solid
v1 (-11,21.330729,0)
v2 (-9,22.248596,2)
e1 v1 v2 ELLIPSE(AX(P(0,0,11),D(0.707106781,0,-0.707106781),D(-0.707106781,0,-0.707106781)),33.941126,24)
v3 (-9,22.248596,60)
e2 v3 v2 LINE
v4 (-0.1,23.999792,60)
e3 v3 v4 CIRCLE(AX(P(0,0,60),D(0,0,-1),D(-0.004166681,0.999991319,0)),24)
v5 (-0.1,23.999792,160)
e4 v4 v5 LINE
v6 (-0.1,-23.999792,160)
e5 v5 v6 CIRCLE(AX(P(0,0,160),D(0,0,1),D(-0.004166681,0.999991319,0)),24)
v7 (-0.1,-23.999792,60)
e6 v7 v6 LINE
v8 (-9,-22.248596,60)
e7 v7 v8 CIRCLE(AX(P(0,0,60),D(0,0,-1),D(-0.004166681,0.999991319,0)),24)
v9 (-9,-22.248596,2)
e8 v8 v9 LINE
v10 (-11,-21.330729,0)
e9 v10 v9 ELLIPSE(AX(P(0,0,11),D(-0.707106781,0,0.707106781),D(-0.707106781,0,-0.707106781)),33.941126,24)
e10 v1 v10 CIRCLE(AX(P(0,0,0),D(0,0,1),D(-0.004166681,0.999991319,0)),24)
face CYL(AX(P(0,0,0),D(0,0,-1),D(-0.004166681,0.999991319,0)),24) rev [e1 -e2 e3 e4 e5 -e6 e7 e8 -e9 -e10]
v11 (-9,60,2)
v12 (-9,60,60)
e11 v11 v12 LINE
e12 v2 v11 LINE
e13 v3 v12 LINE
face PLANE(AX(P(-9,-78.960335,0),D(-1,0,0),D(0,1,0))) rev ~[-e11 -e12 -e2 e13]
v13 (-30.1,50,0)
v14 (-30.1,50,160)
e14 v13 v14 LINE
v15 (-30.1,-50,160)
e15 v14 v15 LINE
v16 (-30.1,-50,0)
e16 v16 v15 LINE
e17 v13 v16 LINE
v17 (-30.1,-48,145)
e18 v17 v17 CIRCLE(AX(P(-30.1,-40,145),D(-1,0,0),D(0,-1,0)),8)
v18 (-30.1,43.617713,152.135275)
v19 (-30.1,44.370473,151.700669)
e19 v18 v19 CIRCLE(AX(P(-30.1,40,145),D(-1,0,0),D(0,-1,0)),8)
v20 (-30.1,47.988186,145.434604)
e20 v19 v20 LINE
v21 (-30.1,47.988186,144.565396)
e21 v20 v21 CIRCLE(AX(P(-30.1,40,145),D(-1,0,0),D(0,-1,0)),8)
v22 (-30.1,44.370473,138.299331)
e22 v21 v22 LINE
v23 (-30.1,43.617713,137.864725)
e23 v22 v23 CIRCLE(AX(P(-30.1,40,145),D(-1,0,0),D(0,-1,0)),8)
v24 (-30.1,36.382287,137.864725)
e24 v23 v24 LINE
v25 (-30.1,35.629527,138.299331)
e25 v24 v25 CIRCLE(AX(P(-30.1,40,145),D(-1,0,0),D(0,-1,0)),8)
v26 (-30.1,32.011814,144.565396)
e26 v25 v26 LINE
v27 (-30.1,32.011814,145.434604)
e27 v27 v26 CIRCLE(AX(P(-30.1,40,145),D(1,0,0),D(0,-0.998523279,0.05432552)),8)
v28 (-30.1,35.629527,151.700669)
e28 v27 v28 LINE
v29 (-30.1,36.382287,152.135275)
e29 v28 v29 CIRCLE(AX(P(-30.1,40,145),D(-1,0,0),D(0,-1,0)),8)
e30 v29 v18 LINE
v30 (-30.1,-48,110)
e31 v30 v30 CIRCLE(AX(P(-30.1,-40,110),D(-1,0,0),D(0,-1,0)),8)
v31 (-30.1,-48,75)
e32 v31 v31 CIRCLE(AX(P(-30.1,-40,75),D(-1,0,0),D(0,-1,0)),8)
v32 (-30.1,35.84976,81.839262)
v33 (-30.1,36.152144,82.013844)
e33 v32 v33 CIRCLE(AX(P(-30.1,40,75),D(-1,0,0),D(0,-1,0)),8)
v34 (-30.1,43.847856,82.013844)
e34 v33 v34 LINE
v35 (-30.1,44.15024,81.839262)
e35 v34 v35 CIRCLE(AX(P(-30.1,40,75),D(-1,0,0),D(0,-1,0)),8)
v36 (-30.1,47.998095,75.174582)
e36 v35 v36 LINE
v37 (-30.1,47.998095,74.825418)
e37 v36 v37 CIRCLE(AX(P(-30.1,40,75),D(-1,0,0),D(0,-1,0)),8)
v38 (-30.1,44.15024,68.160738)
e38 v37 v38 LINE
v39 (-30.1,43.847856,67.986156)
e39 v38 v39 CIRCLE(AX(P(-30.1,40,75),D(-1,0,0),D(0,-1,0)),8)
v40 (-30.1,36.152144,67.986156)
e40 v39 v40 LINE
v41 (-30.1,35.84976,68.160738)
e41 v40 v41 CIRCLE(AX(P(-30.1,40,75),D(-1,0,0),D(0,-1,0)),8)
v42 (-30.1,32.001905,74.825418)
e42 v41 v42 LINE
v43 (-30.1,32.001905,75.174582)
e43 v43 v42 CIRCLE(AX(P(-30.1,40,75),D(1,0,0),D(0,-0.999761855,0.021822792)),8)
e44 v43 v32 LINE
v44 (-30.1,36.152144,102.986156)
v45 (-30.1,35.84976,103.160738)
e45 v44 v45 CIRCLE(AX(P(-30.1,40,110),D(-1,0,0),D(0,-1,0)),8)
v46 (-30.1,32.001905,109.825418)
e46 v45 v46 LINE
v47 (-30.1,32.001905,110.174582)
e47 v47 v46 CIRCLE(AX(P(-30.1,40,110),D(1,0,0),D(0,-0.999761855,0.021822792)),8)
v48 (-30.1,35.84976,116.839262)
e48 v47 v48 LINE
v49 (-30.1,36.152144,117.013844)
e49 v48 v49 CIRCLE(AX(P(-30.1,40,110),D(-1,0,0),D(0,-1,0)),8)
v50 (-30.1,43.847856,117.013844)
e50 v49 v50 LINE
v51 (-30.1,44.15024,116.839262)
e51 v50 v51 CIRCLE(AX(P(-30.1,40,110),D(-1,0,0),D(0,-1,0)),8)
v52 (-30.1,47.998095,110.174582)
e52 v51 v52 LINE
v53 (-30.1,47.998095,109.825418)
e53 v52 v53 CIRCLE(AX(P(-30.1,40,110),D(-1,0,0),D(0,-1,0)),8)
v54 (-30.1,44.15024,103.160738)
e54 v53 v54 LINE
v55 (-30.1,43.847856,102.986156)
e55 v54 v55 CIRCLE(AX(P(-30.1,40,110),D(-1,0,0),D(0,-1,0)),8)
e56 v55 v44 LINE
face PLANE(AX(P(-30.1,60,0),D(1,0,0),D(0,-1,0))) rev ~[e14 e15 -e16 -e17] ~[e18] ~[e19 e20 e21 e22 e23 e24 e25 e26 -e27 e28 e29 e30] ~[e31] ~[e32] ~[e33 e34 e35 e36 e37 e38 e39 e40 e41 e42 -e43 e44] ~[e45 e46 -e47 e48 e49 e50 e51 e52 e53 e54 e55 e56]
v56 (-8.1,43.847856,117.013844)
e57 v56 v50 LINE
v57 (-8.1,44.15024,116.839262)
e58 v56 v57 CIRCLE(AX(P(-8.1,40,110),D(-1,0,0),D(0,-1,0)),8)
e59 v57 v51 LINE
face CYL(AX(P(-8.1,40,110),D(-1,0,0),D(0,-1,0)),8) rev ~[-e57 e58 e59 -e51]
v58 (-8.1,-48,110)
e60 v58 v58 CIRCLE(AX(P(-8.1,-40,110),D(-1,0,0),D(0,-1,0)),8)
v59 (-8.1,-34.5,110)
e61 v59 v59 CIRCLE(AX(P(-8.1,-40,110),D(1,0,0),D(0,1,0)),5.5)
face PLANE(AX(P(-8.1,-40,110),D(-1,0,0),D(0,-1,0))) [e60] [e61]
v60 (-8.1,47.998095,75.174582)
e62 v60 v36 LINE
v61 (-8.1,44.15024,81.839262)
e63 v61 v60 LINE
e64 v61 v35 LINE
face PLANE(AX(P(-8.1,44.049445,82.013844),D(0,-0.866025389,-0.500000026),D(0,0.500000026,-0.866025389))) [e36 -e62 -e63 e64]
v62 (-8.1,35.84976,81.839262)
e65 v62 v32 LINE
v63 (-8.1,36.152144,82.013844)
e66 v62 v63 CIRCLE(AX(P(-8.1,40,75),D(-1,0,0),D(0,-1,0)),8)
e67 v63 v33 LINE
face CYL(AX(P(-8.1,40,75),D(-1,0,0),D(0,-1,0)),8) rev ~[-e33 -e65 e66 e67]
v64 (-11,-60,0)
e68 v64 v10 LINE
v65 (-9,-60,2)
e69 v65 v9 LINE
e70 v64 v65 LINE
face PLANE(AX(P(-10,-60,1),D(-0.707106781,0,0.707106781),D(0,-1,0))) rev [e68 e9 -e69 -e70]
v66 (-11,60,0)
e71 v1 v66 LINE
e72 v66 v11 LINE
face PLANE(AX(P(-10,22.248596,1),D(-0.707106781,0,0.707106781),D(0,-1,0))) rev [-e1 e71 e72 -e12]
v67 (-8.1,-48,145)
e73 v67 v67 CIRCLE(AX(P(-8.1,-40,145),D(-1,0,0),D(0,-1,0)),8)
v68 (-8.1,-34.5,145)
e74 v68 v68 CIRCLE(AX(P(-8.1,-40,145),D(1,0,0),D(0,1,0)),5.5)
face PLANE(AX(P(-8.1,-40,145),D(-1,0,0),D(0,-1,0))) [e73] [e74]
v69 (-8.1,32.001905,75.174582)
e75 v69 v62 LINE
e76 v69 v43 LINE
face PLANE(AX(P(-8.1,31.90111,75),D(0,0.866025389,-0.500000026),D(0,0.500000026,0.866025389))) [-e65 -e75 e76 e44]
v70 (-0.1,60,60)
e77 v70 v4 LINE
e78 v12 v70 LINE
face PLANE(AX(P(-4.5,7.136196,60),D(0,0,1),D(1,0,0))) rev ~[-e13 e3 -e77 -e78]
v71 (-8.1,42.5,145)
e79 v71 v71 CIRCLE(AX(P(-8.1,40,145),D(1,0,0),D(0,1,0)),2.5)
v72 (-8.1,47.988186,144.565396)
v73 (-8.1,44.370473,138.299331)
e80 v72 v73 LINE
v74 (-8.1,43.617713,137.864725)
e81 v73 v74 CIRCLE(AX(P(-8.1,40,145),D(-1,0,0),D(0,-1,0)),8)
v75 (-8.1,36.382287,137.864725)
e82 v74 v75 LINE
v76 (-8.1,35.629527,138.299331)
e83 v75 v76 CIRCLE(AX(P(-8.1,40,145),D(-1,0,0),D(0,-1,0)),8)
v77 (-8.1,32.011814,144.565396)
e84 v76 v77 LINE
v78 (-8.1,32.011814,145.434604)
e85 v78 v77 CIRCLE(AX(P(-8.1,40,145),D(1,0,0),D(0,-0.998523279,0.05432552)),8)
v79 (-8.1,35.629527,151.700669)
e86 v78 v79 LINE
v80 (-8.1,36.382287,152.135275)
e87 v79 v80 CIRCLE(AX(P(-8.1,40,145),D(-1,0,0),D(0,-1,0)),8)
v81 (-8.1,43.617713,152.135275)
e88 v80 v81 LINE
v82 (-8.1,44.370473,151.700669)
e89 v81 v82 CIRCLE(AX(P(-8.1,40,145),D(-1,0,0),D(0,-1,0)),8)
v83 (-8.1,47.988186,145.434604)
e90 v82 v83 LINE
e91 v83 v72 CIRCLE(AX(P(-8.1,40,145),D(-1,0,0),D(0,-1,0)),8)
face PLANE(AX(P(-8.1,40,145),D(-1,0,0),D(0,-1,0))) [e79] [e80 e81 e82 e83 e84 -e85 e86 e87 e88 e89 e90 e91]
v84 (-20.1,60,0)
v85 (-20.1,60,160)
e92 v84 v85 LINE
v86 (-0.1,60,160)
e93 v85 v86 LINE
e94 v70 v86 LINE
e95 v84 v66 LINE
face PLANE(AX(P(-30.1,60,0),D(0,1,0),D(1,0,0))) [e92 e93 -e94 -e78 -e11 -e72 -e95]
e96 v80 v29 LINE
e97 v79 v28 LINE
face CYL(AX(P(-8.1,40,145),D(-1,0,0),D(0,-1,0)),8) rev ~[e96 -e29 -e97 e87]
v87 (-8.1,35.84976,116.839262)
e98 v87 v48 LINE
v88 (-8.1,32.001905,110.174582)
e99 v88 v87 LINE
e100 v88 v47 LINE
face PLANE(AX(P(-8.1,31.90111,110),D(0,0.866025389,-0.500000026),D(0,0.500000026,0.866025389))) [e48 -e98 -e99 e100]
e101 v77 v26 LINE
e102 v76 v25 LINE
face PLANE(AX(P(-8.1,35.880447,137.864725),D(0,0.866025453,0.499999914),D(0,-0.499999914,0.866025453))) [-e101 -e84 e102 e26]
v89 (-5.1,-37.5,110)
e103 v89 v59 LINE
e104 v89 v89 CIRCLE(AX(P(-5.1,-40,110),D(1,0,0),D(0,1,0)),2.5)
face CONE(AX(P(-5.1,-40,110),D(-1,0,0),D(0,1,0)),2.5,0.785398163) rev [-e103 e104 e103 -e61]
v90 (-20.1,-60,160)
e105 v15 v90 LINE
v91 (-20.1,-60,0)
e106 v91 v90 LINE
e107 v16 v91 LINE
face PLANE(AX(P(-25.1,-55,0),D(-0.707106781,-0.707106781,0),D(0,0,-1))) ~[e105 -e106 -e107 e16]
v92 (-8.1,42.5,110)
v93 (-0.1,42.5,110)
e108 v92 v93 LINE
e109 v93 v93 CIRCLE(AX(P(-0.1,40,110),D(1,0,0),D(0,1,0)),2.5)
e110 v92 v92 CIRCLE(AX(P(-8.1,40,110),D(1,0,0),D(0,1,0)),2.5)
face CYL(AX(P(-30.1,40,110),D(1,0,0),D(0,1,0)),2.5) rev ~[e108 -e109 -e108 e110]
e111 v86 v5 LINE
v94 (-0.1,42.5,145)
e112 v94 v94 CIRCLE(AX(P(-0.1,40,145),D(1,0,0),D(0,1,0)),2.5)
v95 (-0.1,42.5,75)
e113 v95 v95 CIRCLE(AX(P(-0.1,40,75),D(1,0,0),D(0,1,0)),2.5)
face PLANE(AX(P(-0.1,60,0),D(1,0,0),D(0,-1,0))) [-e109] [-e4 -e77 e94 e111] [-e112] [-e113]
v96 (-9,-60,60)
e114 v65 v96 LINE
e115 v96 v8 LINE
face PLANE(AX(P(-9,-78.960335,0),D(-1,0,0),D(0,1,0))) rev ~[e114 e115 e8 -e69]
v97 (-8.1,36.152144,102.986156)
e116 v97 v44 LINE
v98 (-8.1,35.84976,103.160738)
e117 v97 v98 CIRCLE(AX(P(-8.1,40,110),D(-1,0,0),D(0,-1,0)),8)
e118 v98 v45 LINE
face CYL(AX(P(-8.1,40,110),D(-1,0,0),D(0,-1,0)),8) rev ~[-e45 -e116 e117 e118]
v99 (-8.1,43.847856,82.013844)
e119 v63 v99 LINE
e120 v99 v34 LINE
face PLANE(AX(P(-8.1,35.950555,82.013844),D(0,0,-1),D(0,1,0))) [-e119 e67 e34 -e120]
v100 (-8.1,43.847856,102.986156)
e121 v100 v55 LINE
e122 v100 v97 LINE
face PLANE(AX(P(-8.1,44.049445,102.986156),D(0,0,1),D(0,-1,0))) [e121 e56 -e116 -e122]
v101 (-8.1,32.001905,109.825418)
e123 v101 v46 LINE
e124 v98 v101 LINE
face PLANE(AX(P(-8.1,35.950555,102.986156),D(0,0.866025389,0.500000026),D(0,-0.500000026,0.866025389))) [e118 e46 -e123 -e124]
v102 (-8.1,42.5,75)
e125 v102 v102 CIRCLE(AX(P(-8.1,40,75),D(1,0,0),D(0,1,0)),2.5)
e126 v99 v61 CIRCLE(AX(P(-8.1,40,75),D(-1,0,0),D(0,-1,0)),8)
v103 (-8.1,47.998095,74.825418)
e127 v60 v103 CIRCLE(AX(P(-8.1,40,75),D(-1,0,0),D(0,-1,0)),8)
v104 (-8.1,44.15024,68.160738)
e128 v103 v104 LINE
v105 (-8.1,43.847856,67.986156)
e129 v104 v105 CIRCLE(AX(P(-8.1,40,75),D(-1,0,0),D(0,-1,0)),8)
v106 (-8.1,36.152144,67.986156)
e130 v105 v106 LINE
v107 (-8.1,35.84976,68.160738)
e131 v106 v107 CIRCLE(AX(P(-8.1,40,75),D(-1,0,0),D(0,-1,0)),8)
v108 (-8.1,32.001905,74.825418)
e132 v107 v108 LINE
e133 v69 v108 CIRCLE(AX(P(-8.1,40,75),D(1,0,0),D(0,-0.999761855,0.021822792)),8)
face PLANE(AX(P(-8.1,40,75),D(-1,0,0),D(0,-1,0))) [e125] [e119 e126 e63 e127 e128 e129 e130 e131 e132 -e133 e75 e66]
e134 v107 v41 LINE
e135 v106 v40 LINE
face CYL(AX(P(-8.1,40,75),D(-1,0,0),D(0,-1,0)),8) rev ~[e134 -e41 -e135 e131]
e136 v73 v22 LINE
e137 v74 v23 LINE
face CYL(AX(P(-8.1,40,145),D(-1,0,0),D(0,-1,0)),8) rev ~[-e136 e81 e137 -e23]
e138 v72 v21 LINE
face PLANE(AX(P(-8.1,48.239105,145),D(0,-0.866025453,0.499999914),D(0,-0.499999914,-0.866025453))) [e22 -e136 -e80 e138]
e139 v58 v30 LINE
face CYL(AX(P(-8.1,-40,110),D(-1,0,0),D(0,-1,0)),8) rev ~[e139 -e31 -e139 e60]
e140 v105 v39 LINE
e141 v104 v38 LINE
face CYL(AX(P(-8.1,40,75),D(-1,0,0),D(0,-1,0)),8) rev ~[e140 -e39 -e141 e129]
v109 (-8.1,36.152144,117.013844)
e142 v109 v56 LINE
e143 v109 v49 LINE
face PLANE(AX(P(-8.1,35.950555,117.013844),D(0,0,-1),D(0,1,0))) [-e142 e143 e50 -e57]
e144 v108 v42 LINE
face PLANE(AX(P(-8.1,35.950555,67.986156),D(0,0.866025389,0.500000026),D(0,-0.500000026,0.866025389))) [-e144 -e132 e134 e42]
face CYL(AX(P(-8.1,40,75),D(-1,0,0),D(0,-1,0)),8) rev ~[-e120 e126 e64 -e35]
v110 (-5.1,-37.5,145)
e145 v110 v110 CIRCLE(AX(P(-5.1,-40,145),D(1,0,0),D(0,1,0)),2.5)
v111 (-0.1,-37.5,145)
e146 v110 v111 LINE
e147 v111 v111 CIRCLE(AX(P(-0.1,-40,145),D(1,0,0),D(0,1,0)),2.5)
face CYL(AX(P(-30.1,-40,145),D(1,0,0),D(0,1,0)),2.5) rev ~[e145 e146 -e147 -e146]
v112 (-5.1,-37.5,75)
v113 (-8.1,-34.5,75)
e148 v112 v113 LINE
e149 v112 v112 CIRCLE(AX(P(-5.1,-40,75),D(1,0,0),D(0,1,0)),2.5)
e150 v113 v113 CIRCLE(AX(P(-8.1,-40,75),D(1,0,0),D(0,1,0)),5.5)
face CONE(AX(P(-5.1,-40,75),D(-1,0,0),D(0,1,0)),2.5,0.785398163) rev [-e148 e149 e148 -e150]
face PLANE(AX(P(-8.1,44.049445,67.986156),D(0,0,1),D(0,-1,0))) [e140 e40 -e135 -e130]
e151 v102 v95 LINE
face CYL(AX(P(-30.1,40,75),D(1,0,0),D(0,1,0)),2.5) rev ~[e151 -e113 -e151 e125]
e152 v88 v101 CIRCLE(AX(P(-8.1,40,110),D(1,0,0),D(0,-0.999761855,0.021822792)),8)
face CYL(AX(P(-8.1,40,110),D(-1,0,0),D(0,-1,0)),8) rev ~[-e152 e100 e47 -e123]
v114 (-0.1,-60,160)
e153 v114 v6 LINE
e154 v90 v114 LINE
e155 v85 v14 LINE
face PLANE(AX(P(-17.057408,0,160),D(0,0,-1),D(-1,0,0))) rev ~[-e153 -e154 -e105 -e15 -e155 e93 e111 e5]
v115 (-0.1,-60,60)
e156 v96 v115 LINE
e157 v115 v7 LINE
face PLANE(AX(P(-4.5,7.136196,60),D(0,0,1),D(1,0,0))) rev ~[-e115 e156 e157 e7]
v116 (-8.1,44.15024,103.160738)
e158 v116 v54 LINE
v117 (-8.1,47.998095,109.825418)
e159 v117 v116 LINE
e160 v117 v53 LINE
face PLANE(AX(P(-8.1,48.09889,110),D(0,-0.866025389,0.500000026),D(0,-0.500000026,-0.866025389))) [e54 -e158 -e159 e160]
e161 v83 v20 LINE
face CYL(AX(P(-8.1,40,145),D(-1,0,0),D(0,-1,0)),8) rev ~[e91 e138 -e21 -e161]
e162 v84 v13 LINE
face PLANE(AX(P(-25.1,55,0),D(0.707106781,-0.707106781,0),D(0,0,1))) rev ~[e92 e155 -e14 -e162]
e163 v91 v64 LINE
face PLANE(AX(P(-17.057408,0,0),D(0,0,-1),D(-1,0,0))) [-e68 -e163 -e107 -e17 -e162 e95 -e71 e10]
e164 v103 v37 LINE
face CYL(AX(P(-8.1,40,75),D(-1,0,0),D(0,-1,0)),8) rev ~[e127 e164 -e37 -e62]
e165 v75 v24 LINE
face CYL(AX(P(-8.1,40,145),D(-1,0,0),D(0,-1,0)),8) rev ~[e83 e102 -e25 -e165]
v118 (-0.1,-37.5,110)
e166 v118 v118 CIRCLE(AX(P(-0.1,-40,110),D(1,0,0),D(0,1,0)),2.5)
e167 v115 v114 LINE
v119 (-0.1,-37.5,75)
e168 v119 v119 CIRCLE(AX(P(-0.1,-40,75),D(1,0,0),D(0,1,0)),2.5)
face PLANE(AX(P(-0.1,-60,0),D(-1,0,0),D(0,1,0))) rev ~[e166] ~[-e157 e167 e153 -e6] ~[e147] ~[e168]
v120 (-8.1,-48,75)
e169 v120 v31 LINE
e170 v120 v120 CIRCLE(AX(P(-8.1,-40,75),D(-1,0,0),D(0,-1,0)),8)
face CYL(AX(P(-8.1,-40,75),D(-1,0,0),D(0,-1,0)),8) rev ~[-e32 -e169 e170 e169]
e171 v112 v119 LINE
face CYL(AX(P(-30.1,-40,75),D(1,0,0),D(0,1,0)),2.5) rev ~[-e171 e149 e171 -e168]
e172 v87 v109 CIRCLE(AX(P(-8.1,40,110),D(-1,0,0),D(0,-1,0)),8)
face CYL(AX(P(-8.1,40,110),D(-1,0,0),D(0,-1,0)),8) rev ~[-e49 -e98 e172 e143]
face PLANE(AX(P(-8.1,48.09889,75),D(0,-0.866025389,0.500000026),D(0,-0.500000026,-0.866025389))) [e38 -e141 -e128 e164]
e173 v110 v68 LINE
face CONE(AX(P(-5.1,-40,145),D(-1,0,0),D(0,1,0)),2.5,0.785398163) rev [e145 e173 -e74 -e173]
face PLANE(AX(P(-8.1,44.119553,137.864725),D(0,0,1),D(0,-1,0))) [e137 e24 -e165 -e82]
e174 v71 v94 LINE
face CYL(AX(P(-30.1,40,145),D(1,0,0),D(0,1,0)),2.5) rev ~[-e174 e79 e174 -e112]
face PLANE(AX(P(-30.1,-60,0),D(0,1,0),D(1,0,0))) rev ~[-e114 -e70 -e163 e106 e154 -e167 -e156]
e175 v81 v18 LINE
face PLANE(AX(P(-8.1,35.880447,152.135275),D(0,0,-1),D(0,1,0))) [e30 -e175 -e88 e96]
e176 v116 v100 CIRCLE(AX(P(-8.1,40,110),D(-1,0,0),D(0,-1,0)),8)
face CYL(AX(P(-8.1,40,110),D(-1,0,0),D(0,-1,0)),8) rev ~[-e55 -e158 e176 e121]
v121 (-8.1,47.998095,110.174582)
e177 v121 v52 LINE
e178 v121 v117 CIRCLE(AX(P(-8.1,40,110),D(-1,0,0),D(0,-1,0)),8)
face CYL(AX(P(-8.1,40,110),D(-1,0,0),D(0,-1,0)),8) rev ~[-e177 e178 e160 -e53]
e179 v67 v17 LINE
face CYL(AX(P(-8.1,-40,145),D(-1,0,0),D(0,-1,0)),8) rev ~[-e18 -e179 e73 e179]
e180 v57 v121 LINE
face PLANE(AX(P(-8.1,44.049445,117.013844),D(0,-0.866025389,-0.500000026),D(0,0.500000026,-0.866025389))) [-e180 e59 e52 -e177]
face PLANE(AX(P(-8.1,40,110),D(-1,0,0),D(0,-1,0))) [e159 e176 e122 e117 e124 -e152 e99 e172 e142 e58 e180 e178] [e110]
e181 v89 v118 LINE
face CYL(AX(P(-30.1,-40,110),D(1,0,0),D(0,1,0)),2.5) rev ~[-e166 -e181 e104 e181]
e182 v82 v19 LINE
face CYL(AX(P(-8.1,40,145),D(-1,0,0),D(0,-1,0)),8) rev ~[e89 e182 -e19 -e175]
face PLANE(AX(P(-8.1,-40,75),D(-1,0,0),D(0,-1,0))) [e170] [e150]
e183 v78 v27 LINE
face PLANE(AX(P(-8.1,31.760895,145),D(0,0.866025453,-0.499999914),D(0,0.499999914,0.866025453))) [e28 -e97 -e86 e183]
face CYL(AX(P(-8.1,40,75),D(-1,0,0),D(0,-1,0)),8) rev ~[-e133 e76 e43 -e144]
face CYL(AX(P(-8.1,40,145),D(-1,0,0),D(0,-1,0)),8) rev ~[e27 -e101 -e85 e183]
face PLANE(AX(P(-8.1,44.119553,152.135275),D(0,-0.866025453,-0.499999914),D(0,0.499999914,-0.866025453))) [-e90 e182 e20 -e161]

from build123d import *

# Parameters (mm, degrees)
PAD_DEPTH        = 160
SKETCH001_W      = 9
SKETCH001_H      = 172.193062
POCKET_DEPTH     = 60
CHAMFER_SIZE     = 10
CHAMFER001_SIZE  = 2
HOLE_D           = 5
HOLE_CBORE_D     = 16
HOLE_CBORE_DEPTH = 22
SKETCH003_R      = 8.5
PAD001_DEPTH     = 22
CHAMFER002_SIZE  = 3


with BuildPart() as part:
    # Sketch → Pad (new body)
    with BuildSketch(Plane.XY):
        with BuildLine():
            ThreePointArc((-0.1, 23.999792), (-24, 0), (-0.1, -23.999792))
            Line((-0.1, -60), (-0.1, -23.999792))
            Line((-30.1, -60), (-0.1, -60))
            Line((-30.1, 60), (-30.1, -60))
            Line((-30.1, 60), (-0.1, 60))
            Line((-0.1, 60), (-0.1, 23.999792))
        make_face()
    extrude(amount=PAD_DEPTH)

    # Sketch001 → Pocket (cut)
    with BuildSketch(Plane.XY):
        with Locations((-4.5, 7.136196)):
            Rectangle(SKETCH001_W, SKETCH001_H)
    extrude(amount=POCKET_DEPTH, mode=Mode.SUBTRACT)

    # Chamfer
    chamfer_edges = [part.edges().sort_by_distance(p)[0] for p in [
        (-30.1, 60, 80),
        (-30.1, -60, 80),
    ]]
    chamfer(chamfer_edges, length=CHAMFER_SIZE)

    # Chamfer001
    chamfer001_edges = [part.edges().sort_by_distance(p)[0] for p in [
        (-9, -41.124298, 0),
        (-9, 41.124298, 0),
    ]]
    chamfer(chamfer001_edges, length=CHAMFER001_SIZE)

    # Hole (through all)
    with Locations(Plane(origin=(-30.1, 0, 0), x_dir=(0, -1, 0), z_dir=(-1, 0, 0))):
        with Locations((-40, 145), (-40, 75), (40, 145), (40, 75), (-40, 110), (40, 110)):
            CounterBoreHole(HOLE_D / 2, HOLE_CBORE_D / 2, HOLE_CBORE_DEPTH)

    # Sketch003 (on Face30 of Hole) → Pad001 (join)
    with BuildSketch(Plane(origin=(-8.1, 0, 0), x_dir=(0, -1, 0), z_dir=(-1, 0, 0))):
        with Locations((-40, 110)):
            Circle(SKETCH003_R)
        Polygon((-35.950555, 102.986156), (-31.90111, 110), (-35.950555, 117.013844), (-44.049445, 117.013844), (-48.09889, 110), (-44.049445, 102.986156), align=None, mode=Mode.SUBTRACT)
        with Locations((-40, 75)):
            Circle(SKETCH003_R)
        Polygon((-35.950555, 67.986156), (-31.90111, 75), (-35.950555, 82.013844), (-44.049445, 82.013844), (-48.09889, 75), (-44.049445, 67.986156), align=None, mode=Mode.SUBTRACT)
        with Locations((-40, 145)):
            Circle(SKETCH003_R)
        Polygon((-35.880447, 137.864725), (-31.760895, 145), (-35.880447, 152.135275), (-44.119553, 152.135275), (-48.239105, 145), (-44.119553, 137.864725), align=None, mode=Mode.SUBTRACT)
    extrude(amount=PAD001_DEPTH)

    # Chamfer002
    chamfer002_edges = [part.edges().sort_by_distance(p)[0] for p in [
        (-8.1, -40, 72.5),
        (-8.1, -40, 142.5),
        (-8.1, -40, 107.5),
    ]]
    chamfer(chamfer002_edges, length=CHAMFER002_SIZE)


solid = part.part
